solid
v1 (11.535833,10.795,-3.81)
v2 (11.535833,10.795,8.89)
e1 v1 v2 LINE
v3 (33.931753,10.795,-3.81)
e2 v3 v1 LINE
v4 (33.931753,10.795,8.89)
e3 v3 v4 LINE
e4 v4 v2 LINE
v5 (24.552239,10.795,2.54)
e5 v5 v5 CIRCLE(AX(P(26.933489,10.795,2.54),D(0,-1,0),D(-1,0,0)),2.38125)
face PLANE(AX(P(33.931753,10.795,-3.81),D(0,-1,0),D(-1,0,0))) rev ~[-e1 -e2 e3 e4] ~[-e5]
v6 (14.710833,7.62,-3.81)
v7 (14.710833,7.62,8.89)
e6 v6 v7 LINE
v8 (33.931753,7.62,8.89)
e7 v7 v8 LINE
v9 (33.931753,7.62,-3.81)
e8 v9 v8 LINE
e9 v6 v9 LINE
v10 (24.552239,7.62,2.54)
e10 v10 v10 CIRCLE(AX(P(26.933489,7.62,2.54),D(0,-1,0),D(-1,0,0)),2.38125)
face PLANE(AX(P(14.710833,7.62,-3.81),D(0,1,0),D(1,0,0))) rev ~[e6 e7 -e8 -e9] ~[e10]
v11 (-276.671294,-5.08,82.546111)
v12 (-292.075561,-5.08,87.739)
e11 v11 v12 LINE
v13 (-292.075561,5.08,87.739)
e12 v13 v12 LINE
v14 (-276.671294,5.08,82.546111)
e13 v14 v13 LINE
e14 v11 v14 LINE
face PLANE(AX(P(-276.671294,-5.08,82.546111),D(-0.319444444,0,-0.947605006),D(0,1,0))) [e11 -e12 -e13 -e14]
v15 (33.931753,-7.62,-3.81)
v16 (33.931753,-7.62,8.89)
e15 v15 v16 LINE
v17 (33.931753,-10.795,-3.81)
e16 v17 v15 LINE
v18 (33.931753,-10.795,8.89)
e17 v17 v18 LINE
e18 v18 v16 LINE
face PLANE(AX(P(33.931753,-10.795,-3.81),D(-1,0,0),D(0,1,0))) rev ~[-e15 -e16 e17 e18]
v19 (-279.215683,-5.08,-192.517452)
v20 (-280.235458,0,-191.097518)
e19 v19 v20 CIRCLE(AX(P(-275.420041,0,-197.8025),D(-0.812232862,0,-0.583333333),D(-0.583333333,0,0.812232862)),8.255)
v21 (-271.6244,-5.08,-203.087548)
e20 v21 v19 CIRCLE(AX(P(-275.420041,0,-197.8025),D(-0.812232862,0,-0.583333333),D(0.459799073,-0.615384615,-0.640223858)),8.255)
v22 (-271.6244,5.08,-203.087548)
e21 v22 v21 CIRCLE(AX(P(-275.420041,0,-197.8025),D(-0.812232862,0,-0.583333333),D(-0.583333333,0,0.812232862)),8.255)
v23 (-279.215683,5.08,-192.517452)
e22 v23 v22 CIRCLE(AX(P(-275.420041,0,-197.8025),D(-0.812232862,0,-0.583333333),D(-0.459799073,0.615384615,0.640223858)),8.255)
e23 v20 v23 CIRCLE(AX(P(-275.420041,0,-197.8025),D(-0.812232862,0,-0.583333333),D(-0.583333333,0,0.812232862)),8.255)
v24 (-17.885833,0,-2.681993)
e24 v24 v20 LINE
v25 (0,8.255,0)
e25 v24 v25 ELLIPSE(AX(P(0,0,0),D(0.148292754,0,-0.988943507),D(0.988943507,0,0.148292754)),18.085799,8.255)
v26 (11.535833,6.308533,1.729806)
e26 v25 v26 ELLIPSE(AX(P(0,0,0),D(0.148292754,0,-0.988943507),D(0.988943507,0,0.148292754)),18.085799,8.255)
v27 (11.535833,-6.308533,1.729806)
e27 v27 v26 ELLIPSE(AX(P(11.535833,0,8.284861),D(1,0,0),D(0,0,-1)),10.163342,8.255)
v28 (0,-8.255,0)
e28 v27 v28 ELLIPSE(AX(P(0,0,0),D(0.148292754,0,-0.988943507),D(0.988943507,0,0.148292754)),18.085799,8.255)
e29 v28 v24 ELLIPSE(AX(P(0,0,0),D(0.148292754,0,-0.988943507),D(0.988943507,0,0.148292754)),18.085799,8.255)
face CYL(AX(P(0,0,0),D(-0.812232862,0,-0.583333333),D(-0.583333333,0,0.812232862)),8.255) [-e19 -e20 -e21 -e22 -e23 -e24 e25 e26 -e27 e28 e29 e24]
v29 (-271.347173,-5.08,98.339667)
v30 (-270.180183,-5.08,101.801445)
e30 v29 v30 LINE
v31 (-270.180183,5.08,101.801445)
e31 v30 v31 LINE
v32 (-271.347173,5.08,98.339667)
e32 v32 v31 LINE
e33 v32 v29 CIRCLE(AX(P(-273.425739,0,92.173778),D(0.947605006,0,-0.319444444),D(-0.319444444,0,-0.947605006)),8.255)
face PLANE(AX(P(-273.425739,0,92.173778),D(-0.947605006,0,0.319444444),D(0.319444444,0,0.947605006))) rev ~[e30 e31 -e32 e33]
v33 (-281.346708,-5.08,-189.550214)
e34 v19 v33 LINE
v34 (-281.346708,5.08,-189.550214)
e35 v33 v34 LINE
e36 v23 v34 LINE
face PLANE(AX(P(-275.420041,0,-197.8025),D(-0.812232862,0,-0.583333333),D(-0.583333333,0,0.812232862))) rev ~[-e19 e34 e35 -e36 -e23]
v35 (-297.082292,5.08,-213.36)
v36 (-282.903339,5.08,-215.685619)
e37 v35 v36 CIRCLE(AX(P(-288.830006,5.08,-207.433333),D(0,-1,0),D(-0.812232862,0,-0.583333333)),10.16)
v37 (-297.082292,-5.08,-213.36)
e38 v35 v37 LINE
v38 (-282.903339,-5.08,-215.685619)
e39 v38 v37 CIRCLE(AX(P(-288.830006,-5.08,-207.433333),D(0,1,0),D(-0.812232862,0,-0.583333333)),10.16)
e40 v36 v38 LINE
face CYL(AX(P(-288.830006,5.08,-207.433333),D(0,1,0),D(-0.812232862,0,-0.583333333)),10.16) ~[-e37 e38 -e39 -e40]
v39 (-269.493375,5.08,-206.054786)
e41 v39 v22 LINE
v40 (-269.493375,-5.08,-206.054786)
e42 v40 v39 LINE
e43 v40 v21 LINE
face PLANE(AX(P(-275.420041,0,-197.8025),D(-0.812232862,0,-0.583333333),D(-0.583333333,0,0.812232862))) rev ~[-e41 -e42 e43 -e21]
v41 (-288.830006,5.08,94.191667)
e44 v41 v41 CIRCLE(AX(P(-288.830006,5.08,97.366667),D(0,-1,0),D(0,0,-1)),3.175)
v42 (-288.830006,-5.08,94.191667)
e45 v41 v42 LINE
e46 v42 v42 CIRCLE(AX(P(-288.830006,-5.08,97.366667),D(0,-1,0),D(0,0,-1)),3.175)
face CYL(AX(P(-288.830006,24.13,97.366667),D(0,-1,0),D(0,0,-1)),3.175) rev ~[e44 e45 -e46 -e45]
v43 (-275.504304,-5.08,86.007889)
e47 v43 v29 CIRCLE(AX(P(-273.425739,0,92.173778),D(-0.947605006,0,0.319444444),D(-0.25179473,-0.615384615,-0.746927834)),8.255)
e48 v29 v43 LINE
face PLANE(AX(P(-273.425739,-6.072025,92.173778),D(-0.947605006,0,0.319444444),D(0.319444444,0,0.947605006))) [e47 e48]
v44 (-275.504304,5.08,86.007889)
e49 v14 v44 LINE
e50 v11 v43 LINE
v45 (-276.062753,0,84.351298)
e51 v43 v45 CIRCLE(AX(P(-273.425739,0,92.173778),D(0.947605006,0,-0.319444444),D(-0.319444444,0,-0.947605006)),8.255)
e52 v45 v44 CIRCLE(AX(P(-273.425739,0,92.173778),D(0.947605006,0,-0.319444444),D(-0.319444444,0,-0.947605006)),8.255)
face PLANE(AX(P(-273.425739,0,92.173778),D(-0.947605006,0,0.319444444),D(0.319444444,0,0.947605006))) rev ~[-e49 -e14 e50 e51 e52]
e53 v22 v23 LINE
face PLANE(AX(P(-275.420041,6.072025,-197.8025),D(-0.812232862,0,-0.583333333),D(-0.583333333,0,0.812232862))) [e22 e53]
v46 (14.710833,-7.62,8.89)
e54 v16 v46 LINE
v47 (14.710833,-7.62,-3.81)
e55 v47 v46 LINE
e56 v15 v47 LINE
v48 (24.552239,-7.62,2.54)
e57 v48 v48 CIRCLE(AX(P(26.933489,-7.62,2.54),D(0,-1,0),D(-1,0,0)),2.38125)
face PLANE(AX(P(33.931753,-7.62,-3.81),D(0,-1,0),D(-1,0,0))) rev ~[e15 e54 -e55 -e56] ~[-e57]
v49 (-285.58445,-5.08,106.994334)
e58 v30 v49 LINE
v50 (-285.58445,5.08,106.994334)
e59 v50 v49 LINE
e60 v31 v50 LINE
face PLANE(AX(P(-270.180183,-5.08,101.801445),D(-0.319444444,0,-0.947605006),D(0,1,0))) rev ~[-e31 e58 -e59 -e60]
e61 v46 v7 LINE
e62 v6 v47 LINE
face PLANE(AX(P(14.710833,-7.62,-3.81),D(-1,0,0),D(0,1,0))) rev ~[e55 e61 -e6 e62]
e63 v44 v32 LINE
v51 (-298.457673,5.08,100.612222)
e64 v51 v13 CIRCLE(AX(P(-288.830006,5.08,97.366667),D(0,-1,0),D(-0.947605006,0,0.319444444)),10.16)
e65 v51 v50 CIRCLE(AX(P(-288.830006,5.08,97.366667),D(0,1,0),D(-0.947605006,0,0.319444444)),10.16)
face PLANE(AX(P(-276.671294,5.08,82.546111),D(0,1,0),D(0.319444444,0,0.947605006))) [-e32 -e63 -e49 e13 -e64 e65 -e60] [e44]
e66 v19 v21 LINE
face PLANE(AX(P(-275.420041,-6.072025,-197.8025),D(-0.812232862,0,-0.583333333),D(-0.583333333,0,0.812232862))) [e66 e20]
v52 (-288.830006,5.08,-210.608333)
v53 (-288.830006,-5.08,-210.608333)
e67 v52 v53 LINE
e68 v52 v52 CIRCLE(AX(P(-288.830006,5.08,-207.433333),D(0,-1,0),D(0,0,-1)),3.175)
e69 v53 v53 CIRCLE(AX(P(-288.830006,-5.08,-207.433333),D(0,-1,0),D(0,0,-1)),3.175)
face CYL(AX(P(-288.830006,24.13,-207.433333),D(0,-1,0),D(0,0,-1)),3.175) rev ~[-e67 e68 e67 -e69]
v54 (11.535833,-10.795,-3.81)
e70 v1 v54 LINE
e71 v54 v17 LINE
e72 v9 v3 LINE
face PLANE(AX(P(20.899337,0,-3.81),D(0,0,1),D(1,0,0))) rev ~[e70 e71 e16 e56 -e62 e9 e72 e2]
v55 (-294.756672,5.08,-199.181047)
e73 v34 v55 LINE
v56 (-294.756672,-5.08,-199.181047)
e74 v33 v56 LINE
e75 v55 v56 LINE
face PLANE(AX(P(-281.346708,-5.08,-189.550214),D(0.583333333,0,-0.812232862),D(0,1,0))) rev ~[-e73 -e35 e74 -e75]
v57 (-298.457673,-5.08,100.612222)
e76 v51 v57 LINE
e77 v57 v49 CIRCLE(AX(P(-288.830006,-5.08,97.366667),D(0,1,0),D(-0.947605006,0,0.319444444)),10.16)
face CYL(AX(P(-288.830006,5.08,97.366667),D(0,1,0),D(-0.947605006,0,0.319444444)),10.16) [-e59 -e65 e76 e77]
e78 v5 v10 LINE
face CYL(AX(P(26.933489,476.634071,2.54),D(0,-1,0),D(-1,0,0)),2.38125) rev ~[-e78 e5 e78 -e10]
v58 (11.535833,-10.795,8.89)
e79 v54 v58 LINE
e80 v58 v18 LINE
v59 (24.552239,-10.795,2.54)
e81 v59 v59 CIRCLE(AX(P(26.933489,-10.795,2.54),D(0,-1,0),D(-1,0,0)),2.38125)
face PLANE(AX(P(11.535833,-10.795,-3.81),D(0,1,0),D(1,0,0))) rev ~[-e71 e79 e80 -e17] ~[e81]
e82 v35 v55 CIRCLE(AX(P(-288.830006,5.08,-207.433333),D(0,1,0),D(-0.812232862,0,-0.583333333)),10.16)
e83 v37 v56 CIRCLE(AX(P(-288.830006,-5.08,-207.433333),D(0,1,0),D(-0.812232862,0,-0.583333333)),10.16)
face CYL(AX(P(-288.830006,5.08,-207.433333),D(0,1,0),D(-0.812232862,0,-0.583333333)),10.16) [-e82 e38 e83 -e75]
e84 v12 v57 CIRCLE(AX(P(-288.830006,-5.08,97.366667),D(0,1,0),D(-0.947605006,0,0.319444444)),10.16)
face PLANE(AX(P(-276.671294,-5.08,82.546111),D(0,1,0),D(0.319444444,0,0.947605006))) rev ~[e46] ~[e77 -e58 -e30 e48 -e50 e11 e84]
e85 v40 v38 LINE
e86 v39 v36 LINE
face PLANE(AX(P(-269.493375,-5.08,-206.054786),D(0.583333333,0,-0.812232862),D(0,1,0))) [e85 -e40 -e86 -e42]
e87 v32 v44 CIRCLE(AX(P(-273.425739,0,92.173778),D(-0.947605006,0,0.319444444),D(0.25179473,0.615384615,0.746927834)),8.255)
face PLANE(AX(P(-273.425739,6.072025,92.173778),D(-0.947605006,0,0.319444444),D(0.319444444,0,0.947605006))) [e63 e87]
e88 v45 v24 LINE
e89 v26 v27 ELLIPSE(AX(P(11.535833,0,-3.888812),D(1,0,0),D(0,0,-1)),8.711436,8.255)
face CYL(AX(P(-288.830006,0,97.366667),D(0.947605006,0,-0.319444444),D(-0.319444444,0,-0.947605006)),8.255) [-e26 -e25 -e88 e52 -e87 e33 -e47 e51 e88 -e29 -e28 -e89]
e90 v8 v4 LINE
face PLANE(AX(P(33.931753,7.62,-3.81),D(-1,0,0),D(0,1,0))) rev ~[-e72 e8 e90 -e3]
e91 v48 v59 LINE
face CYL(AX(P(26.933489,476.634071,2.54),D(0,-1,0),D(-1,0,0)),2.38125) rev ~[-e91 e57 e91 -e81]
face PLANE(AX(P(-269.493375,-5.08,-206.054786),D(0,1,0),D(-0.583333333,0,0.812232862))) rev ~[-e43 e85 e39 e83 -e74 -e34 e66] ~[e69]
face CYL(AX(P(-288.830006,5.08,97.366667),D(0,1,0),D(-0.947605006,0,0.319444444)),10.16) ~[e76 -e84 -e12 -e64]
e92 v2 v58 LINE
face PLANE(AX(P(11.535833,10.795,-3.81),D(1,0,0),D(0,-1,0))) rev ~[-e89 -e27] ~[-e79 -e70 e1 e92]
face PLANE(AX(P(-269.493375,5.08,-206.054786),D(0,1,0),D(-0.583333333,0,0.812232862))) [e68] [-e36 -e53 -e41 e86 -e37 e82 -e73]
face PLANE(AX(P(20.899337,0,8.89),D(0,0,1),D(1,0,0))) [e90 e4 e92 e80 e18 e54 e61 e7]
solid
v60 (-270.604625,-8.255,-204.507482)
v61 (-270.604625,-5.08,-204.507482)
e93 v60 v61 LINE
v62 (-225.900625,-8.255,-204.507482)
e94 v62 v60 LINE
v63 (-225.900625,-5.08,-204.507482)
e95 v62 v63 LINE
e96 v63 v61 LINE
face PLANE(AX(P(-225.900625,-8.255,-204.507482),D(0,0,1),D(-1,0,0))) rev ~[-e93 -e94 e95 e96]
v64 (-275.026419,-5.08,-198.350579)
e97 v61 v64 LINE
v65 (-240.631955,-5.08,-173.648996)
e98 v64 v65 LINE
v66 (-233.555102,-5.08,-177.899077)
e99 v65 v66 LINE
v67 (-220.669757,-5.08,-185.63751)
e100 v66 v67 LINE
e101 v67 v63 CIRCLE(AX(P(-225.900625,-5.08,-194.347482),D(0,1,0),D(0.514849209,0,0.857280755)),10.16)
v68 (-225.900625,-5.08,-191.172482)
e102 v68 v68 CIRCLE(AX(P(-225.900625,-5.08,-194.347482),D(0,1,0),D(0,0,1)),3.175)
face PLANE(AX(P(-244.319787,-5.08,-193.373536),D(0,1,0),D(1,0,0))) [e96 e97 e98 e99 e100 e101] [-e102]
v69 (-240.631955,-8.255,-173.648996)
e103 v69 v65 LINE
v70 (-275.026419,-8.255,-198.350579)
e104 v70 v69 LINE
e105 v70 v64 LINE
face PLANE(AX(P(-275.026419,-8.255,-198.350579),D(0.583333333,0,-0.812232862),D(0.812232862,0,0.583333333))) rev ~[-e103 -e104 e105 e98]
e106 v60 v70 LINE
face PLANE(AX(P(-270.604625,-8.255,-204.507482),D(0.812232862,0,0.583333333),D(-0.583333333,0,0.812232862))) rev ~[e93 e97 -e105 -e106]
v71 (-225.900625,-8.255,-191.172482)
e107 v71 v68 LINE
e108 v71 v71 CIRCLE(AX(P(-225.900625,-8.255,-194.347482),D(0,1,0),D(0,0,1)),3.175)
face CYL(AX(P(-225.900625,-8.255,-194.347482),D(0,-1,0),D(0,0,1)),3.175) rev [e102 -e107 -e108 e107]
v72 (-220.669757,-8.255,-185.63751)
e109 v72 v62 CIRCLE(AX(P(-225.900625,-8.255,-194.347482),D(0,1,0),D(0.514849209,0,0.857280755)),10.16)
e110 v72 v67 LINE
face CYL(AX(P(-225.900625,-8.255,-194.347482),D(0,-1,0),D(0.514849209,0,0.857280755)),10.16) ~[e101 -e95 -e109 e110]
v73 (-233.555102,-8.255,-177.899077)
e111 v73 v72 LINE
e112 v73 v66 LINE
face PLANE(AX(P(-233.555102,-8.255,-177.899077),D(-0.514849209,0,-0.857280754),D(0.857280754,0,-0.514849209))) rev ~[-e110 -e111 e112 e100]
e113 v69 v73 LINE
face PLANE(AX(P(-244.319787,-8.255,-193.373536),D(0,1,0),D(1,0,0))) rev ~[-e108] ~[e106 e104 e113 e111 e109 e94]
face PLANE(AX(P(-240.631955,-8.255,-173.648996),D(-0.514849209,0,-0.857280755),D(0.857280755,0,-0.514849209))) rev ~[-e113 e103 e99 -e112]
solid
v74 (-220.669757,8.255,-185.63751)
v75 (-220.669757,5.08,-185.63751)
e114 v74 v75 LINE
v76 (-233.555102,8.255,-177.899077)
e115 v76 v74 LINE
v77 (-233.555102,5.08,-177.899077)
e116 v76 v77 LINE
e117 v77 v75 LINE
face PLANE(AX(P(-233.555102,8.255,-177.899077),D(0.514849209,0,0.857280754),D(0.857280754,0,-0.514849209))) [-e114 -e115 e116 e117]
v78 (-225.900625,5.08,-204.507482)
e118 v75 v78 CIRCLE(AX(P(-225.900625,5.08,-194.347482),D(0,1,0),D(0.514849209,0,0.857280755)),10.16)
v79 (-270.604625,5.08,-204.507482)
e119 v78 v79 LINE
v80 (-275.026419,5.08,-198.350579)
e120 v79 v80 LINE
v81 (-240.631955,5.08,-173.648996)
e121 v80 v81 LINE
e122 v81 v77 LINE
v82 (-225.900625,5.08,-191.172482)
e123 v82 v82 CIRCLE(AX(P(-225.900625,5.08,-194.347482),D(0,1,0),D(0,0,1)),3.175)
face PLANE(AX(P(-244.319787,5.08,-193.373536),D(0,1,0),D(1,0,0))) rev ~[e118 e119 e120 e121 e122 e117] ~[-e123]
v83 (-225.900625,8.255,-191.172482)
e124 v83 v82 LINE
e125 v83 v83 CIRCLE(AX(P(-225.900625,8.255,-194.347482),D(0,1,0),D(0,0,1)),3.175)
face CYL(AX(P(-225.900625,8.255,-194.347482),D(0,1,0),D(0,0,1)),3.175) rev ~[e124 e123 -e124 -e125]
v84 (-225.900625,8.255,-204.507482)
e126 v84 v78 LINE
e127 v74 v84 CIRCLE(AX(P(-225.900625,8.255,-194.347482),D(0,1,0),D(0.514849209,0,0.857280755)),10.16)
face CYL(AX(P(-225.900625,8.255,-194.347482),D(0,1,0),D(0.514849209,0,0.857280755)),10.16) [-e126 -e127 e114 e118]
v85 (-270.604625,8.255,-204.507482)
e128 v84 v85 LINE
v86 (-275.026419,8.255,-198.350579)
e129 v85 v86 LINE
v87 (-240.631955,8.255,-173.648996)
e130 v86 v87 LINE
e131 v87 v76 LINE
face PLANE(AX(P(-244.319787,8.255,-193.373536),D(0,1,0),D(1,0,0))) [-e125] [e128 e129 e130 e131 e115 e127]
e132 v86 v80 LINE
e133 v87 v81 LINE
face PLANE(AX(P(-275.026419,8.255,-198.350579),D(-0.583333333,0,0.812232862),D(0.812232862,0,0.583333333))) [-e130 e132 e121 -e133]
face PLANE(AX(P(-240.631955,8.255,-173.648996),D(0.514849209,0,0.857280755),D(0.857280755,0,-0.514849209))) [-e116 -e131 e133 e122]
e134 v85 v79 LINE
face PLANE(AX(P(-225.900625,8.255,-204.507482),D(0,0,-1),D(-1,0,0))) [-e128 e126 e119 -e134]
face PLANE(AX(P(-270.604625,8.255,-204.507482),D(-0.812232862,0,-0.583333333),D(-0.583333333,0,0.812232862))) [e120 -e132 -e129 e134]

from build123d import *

# Parameters (mm, degrees)
SKETCH2_R                      = 8.255
BOSS_EXTRUDE1_DEPTH            = 8.89
BOSS_EXTRUDE1_DEPTH_BACK       = 3.81
BOSS_EXTRUDE2_DEPTH            = 10.16
BOSS_EXTRUDE2_DEPTH_BACK       = 16.256
SKETCH4_W                      = 20.32
SKETCH4_H                      = 10.16
BOSS_EXTRUDE3_DEPTH            = 10.16
BOSS_EXTRUDE3_DEPTH_BACK       = 16.51
SKETCH5_W                      = 20.32
SKETCH5_H                      = 10.16
CUT_EXTRUDE1_DEPTH             = 376.737208279
CUT_EXTRUDE2_DEPTH             = 373.322054439
CUT_EXTRUDE3_START             = -16.256
CUT_EXTRUDE3_DEPTH             = 16.256
CUT_EXTRUDE4_DEPTH             = 16.51
E_0_25_DIAMETER_HOLE1_D        = 6.35
E_0_25_DIAMETER_HOLE1_DEPTH    = 19.05
E_0_25_DIAMETER_HOLE1_TIP      = 1.907732465
F_3_16_0_1875_DIAMETER_HOLE1_D = 4.7625
CUT_EXTRUDE5_DEPTH             = 376.241596631
BOSS_EXTRUDE4_START            = 8.255
SKETCH15_R                     = 3.175
BOSS_EXTRUDE4_DEPTH            = 3.175
BOSS_EXTRUDE6_START            = -8.255
SKETCH16_R                     = 3.175
BOSS_EXTRUDE6_DEPTH            = 3.175


with BuildPart() as part:
    # Sweep1: sweep along a path in Sketch1
    with BuildLine(Plane(origin=(0, 0, 0), x_dir=(1, 0, 0), z_dir=(0, 1, 0))) as sweep1_path:
        Line((-288.830005751, -97.366666667), (0, 0))
        Line((0, 0), (-288.830005751, 207.433333333))
    # Sketch2 → Sweep1 (sweep)
    with BuildSketch(Plane(origin=(-288.830005751, 0, 97.366666667), x_dir=(-0.319444444444445, 0, -0.9476050057453159), z_dir=(0.9476050057453159, 0, -0.319444444444445))):
        Circle(SKETCH2_R)
    sweep(path=sweep1_path.line, transition=Transition.RIGHT)

    # Sketch3 → Boss-Extrude1 (add, two sides: drawn at the far end of the back side and taken through both)
    with BuildSketch(Plane.XY.offset(-BOSS_EXTRUDE1_DEPTH_BACK)):
        Polygon((33.931753368, 10.795), (11.535833333, 10.795), (11.535833333, -10.795), (33.931753368, -10.795), (33.931753368, -7.62), (14.710833333, -7.62), (14.710833333, 7.62), (33.931753368, 7.62), align=None)
    extrude(amount=BOSS_EXTRUDE1_DEPTH + BOSS_EXTRUDE1_DEPTH_BACK)

    # Sketch4 → Boss-Extrude2 (add, two sides: drawn at the far end of the back side and taken through both)
    with BuildSketch(Plane(origin=(-288.830005751, 0, 97.366666667), x_dir=(0.319444444444445, 0, 0.9476050057453159), z_dir=(-0.9476050057453159, 0, 0.319444444444445)).offset(-BOSS_EXTRUDE2_DEPTH_BACK)):
        Rectangle(SKETCH4_W, SKETCH4_H)
    extrude(amount=BOSS_EXTRUDE2_DEPTH + BOSS_EXTRUDE2_DEPTH_BACK)

    # Sketch5 → Boss-Extrude3 (add, two sides: drawn at the far end of the back side and taken through both)
    with BuildSketch(Plane(origin=(-288.830005751, 0, -207.433333333), x_dir=(-0.5833333333333331, 0, 0.8122328620674139), z_dir=(-0.8122328620674139, 0, -0.5833333333333331)).offset(-BOSS_EXTRUDE3_DEPTH_BACK)):
        Rectangle(SKETCH5_W, SKETCH5_H)
    extrude(amount=BOSS_EXTRUDE3_DEPTH + BOSS_EXTRUDE3_DEPTH_BACK)

    # Sketch6 → Cut-Extrude1 (cut, through all)
    with BuildSketch(Plane(origin=(0, 5.08, 0), x_dir=(1, 0, 0), z_dir=(0, 1, 0))):
        with BuildLine():
            Line((-294.756672418, 199.181047455), (-303.008958296, 205.107714121))
            Line((-303.008958296, 205.107714121), (-297.08229163, 213.36))
            ThreePointArc((-297.08229163, 213.36), (-298.856039246, 205.788872218), (-294.756672418, 199.181047455))
        make_face()
    cut_extrude1 = extrude(amount=-CUT_EXTRUDE1_DEPTH, mode=Mode.SUBTRACT)

    # Mirror1: Cut-Extrude1 across plane
    add(cut_extrude1.mirror(Plane(origin=(0, 0, 0), x_dir=(0.8122328620674136, 0, 0.5833333333333334), z_dir=(-0.583333333333333, 0, 0.8122328620674137))), mode=Mode.SUBTRACT)

    # Sketch7 → Cut-Extrude2 (cut, through all)
    with BuildSketch(Plane(origin=(0, 5.08, 0), x_dir=(1, 0, 0), z_dir=(0, 1, 0))):
        with BuildLine():
            Line((-285.584450196, -106.994333525), (-295.212117054, -110.239889081))
            Line((-295.212117054, -110.239889081), (-298.45767261, -100.612222222))
            ThreePointArc((-298.45767261, -100.612222222), (-293.342839932, -106.469409531), (-285.584450196, -106.994333525))
        make_face()
    cut_extrude2 = extrude(amount=-CUT_EXTRUDE2_DEPTH, mode=Mode.SUBTRACT)

    # Mirror2: Cut-Extrude2 across plane
    add(cut_extrude2.mirror(Plane(origin=(0, 0, 0), x_dir=(0.9476050057453158, 0, -0.3194444444444451), z_dir=(0.319444444444445, 0, 0.9476050057453159))), mode=Mode.SUBTRACT)

    # Sketch8 → Cut-Extrude3 (cut)
    with BuildSketch(Plane(origin=(-288.830005751, 0, 97.366666667), x_dir=(0.319444444444445, 0, 0.9476050057453159), z_dir=(-0.9476050057453159, 0, 0.319444444444445)).offset(CUT_EXTRUDE3_START)):
        with BuildLine():
            Line((6.506813736, -5.08), (-6.506813736, -5.08))
            ThreePointArc((-6.506813736, -5.08), (0, -8.255), (6.506813736, -5.08))
        make_face()
        with BuildLine():
            Line((-6.506813736, 5.08), (6.506813736, 5.08))
            ThreePointArc((6.506813736, 5.08), (0, 8.255), (-6.506813736, 5.08))
        make_face()
    extrude(amount=CUT_EXTRUDE3_DEPTH, mode=Mode.SUBTRACT)

    # Sketch9 → Cut-Extrude4 (cut)
    with BuildSketch(Plane(origin=(-288.830005751, 0, -207.433333333), x_dir=(-0.5833333333333331, 0, 0.8122328620674139), z_dir=(-0.8122328620674139, 0, -0.5833333333333331))):
        with BuildLine():
            Line((6.506813736, -5.08), (-6.506813736, -5.08))
            ThreePointArc((-6.506813736, -5.08), (0, -8.255), (6.506813736, -5.08))
        make_face()
        with BuildLine():
            Line((-6.506813736, 5.08), (6.506813736, 5.08))
            ThreePointArc((6.506813736, 5.08), (0, 8.255), (-6.506813736, 5.08))
        make_face()
    extrude(amount=-CUT_EXTRUDE4_DEPTH, mode=Mode.SUBTRACT)

    # E (0.25) Diameter Hole1
    with Locations(Plane(origin=(-288.830005751, 5.08, -207.433333333), x_dir=(0, 0, 1), z_dir=(0, 1, 0))):
        with Locations((0, 0), (304.8, 0)):
            Hole(E_0_25_DIAMETER_HOLE1_D / 2, depth=E_0_25_DIAMETER_HOLE1_DEPTH)
            with Locations((0, 0, -(E_0_25_DIAMETER_HOLE1_DEPTH + E_0_25_DIAMETER_HOLE1_TIP / 2))):  # 118° drill point
                Cone(0, E_0_25_DIAMETER_HOLE1_D / 2, E_0_25_DIAMETER_HOLE1_TIP, mode=Mode.SUBTRACT)

    # 3/16 (0.1875) Diameter Hole1 (through all)
    with Locations(Plane(origin=(0, 10.795, 0), x_dir=(1, 0, 0), z_dir=(0, 1, 0))):
        with Locations((26.933488785, -2.54)):
            Hole(F_3_16_0_1875_DIAMETER_HOLE1_D / 2)

    # Sketch14 → Cut-Extrude5 (cut, through all)
    with BuildSketch(Plane.XY.offset(8.89)):
        with BuildLine():
            Line((14.710833333, 4.695332569), (14.710833333, -4.695332569))
            add(Edge.make_bspline(
                [(14.710833333, -4.695332569), (21.746085132, 0), (14.710833333, 4.695332569)],
                knots=[5.678155611, 5.678155611, 5.678155611, 6.888215004, 6.888215004, 6.888215004], degree=2, weights=[1, 0.822485207, 1]))
        make_face()
    extrude(amount=-CUT_EXTRUDE5_DEPTH, mode=Mode.SUBTRACT)


with BuildPart() as body_2:
    # Sketch15 → Boss-Extrude4 (new body)
    with BuildSketch(Plane(origin=(0, 0, 0), x_dir=(1, 0, 0), z_dir=(0, 1, 0)).offset(BOSS_EXTRUDE4_START)):
        with BuildLine():
            Line((-225.900624532, 204.507482276), (-270.604624532, 204.507482276))
            Line((-270.604624532, 204.507482276), (-275.026418863, 198.350579421))
            Line((-275.026418863, 198.350579421), (-240.631954573, 173.648996365))
            Line((-240.631954573, 173.648996365), (-233.555101944, 177.899076585))
            Line((-233.555101944, 177.899076585), (-220.669756569, 185.637509811))
            ThreePointArc((-220.669756569, 185.637509811), (-216.109840083, 197.061545628), (-225.900624532, 204.507482276))
        make_face()
        with Locations(Location((-225.900624532, 194.347482276, 0), (0, 0, 270))):
            Circle(SKETCH15_R, mode=Mode.SUBTRACT)
    extrude(amount=-BOSS_EXTRUDE4_DEPTH)


with BuildPart() as body_3:
    # Sketch16 → Boss-Extrude6 (new body)
    with BuildSketch(Plane(origin=(0, 0, 0), x_dir=(1, 0, 0), z_dir=(0, 1, 0)).offset(BOSS_EXTRUDE6_START)):
        with BuildLine():
            Line((-270.604624532, 204.507482276), (-275.026418863, 198.350579421))
            Line((-275.026418863, 198.350579421), (-240.631954573, 173.648996365))
            Line((-240.631954573, 173.648996365), (-233.555101944, 177.899076585))
            Line((-233.555101944, 177.899076585), (-220.669756569, 185.637509811))
            ThreePointArc((-220.669756569, 185.637509811), (-216.109840083, 197.061545628), (-225.900624532, 204.507482276))
            Line((-225.900624532, 204.507482276), (-270.604624532, 204.507482276))
        make_face()
        with Locations(Location((-225.900624532, 194.347482276, 0), (0, 0, 270))):
            Circle(SKETCH16_R, mode=Mode.SUBTRACT)
    extrude(amount=BOSS_EXTRUDE6_DEPTH)


solid = Compound([part.part, body_2.part, body_3.part])
